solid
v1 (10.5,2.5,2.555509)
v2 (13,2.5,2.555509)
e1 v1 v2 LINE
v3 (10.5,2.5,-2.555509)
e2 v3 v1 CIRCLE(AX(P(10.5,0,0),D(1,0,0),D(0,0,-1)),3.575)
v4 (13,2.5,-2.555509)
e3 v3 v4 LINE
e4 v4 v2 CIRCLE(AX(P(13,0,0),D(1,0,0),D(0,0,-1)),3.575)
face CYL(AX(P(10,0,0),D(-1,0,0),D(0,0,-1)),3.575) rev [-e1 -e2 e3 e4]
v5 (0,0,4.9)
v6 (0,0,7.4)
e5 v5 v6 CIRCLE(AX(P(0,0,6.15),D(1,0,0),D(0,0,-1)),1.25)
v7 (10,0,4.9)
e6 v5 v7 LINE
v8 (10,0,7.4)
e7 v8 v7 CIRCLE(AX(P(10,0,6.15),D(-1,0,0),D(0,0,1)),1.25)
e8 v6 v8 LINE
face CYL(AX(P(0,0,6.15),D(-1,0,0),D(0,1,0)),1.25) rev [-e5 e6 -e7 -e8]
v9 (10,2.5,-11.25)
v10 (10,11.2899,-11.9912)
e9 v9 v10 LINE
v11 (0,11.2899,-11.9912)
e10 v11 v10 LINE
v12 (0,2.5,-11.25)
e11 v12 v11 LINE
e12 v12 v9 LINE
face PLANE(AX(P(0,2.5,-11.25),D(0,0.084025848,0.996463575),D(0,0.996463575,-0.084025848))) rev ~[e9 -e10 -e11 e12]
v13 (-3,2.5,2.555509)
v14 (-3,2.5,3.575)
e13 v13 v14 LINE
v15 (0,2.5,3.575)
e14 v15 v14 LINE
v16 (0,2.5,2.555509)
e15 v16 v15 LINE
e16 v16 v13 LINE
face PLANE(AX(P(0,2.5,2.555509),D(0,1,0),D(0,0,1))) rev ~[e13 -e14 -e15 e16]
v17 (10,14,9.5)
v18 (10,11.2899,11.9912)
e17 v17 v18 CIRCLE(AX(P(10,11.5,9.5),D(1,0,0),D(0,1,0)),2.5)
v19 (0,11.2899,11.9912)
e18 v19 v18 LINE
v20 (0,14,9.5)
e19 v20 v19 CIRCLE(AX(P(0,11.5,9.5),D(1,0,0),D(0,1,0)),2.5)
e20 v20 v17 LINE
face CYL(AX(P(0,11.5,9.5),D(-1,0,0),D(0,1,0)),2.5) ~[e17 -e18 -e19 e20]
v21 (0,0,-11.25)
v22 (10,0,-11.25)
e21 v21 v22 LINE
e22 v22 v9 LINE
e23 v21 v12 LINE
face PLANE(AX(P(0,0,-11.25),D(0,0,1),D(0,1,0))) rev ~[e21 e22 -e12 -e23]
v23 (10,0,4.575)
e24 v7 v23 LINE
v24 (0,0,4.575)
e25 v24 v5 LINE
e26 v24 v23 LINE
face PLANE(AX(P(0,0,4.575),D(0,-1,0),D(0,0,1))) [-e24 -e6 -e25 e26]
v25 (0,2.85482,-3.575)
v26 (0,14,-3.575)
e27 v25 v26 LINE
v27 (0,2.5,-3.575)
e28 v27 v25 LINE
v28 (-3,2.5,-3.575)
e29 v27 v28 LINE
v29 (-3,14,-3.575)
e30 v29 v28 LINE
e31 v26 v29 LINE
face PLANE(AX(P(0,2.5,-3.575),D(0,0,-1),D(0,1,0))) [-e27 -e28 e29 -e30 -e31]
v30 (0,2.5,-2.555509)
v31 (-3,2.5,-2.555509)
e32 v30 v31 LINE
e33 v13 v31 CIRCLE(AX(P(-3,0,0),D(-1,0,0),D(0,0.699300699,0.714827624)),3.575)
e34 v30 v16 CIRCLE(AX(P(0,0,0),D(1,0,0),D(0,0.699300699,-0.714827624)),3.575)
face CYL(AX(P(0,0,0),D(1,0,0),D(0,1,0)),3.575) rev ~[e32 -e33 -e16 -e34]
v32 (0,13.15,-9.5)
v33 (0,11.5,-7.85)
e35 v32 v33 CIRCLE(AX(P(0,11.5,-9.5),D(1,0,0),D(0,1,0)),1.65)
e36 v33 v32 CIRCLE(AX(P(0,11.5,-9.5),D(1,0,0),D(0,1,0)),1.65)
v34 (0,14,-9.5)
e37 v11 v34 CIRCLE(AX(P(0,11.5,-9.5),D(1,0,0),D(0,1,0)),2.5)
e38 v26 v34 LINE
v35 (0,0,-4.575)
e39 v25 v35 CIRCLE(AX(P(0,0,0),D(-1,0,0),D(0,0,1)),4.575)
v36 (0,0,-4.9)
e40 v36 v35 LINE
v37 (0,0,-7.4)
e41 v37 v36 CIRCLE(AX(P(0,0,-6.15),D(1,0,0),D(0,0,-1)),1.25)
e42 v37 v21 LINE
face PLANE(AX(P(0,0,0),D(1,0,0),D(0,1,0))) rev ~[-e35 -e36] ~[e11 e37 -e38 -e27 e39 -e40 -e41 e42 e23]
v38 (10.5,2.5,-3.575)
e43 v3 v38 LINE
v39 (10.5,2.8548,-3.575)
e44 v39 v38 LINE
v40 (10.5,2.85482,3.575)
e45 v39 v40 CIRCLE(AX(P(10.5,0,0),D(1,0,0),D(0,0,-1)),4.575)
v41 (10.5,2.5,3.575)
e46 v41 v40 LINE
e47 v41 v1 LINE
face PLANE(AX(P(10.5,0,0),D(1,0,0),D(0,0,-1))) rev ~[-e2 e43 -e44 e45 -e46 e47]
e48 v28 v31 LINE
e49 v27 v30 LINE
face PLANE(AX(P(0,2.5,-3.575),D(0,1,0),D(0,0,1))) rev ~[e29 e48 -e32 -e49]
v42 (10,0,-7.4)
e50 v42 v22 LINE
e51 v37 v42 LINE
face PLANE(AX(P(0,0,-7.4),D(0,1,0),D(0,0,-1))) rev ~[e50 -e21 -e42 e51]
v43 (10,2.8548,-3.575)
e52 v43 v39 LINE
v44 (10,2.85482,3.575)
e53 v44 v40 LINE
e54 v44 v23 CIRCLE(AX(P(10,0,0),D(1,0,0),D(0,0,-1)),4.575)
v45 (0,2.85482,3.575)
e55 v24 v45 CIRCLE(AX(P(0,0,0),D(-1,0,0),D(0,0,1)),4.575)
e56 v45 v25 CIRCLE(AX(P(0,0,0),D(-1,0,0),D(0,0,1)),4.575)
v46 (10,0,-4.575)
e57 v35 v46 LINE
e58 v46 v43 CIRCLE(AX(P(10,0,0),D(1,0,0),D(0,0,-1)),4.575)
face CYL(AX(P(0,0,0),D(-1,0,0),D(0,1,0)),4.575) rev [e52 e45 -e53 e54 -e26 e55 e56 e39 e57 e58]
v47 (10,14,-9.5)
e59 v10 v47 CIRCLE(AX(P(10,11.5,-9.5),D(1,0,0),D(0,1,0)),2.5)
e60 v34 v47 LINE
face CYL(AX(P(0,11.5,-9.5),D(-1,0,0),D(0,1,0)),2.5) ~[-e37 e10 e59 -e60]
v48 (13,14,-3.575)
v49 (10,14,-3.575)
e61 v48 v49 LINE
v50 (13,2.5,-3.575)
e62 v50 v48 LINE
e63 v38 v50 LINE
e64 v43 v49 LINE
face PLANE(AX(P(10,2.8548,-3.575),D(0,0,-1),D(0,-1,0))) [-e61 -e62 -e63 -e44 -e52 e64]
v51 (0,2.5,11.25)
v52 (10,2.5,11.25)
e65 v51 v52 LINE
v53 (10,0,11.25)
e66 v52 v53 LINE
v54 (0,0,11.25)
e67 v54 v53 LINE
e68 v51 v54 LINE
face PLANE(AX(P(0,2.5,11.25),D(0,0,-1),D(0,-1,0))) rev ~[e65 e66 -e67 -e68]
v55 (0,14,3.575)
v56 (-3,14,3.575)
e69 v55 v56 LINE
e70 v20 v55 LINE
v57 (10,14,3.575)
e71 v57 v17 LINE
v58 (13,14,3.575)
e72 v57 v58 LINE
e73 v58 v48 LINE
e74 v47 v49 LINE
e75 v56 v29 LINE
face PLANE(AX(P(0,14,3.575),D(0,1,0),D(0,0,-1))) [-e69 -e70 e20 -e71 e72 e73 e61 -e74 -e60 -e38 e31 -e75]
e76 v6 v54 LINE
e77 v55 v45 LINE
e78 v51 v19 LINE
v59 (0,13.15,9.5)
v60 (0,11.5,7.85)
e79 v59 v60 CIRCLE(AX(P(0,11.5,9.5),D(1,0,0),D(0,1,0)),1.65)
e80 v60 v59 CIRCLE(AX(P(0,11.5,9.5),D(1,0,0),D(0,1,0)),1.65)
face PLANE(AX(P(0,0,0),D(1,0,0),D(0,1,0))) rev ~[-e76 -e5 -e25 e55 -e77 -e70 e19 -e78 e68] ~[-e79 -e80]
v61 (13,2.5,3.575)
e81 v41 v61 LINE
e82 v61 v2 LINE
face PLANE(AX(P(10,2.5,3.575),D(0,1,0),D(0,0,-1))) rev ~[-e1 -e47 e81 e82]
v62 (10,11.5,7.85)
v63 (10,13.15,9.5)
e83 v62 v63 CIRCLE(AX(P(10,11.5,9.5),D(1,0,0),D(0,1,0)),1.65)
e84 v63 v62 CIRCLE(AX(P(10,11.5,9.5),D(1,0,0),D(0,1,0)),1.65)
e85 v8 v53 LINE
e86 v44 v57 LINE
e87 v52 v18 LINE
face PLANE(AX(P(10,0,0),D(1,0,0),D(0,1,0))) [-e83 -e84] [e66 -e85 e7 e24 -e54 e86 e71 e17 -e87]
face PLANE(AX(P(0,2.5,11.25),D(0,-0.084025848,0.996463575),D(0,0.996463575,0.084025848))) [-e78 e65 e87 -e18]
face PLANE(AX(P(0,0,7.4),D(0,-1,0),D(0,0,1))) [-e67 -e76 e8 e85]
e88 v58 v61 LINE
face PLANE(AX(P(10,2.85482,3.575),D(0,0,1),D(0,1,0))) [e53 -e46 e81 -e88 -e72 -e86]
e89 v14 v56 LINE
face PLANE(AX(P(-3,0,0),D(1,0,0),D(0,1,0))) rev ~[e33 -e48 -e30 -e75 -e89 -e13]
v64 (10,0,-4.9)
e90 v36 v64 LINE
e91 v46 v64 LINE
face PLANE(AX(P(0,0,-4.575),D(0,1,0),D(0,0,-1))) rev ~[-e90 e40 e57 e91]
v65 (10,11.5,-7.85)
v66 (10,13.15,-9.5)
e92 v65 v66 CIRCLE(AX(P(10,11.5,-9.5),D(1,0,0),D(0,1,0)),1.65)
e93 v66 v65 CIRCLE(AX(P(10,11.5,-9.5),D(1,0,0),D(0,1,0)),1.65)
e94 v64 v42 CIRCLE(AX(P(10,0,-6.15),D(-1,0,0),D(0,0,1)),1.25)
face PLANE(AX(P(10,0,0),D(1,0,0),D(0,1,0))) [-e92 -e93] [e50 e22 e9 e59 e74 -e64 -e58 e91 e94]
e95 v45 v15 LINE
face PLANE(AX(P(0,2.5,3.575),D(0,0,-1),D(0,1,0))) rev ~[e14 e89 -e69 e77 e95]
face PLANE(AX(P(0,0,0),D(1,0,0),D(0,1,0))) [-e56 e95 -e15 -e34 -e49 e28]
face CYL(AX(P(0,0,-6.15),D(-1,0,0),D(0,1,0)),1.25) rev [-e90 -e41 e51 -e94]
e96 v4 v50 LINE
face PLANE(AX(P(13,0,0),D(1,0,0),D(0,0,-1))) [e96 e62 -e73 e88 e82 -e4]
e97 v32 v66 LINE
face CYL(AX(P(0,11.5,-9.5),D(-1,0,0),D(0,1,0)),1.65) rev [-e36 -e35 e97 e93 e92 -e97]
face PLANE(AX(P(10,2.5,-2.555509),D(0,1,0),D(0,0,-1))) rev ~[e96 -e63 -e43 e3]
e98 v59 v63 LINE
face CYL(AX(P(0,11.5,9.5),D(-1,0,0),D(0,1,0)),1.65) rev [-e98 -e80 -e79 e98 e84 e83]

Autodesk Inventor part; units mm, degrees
ref_plane "YZ Plane" through (0, 0, 0) normal (1, 0, 0) x (0, 1, 0)
ref_plane "XZ Plane" through (0, 0, 0) normal (0, 1, 0) x (-1, 0, 0)
ref_plane "XY Plane" through (0, 0, 0) normal (0, 0, 1) x (1, 0, 0)
sketch "スケッチ1" plane through (0, 0, 0) normal (1, 0, 0) x (0, 1, 0)
  circle A0 centre (0, 0) radius 4.575
  circle A1 centre (0, 0) radius 3.575
  line L0 (0, 0) -> (0, 6)
  line L1 (0, 6) -> (0, -6)
  circle A2 centre (0, 6) radius 1.25
  circle A3 centre (0, -6) radius 1.25
  line L2 (0, 0) -> (11.5, 0)
  line L3 (11.5, 0) -> (11.5, 9.5)
  line L4 (11.5, 9.5) -> (11.5, -9.5)
  circle A4 centre (11.5, 9.5) radius 1.65
  circle A5 centre (11.5, -9.5) radius 1.65
  line L5 (0, 0) -> (0, 11.25)
  line L6 (0, 11.25) -> (0, -11.25)
  line L7 (-2.5, -11.25) -> (2.5, -11.25)
  line L8 (2.5, -11.25) -> (2.5, 11.25)
  line L9 (2.5, 11.25) -> (-2.5, 11.25)
  line L10 (-2.5, 11.25) -> (-2.5, -11.25)
  line L11 (-2.5, -11.25) -> (2.5, 11.25) construction
  line L12 (2.5, -11.25) -> (-2.5, 11.25) construction
  circle A6 centre (11.5, 9.5) radius 2.5
  circle A7 centre (11.5, -9.5) radius 2.5
  line L13 (2.5, 11.25) -> (11.2899, 11.9912)
  line L14 (2.5, -11.25) -> (11.2899, -11.9912)
  line L15 (14, 9.5) -> (14, -9.5)
  line L16 (0, -3.575) -> (14, -3.575)
  line L17 (0, 3.575) -> (14, 3.575)
  circle A8 centre (0, 0) radius 6
  line L18 (0, 0) -> (0, 6.15)
  line L19 (0, 6.15) -> (0, -6.15)
  circle A9 centre (0, 6.15) radius 1.25
  circle A10 centre (0, -6.15) radius 1.25
  point P0 (0, 7.25)
  point P1 (0, 4.75)
  point P2 (0, 4.575)
  point P3 (0, -4.575)
  point P4 (0, -4.75)
  point P5 (0, -7.25)
  point P6 (2.5, 3.575)
  point P7 (2.5, 2.5555)
  point P8 (2.5, -2.5555)
  point P9 (2.5, -3.575)
  point P10 (0, 7.4)
  point P11 (0, 4.9)
  point P12 (0, -4.9)
  point P13 (0, -7.4)
  dimension "d0" = 9.15
  dimension "d1" = 7.15
  dimension "d2" = 6
  dimension "d3" = 12
  dimension "d4" = 2.5
  dimension "d5" = 2.5
  dimension "d6" = 11.5
  dimension "d7" = 9.5
  dimension "d8" = 19
  dimension "d9" = 3.3
  dimension "d10" = 3.3
  dimension "d11" = 11.25
  dimension "d12" = 22.5
  dimension "d13" = 5
  dimension "d14" = 5
  dimension "d15" = 5
  dimension "d28" = 12
  dimension "d29" = 6.15
  dimension "d30" = 12.3
  dimension "d31" = 2.5
  dimension "d32" = 2.5
extrude "押し出し1" add sketch "スケッチ1" along normal blind 10 contours L2 A8 L16 A0 | A0 L17 A8 L2 | A0 L8 A8 L17 | L16 A8 L8 A0 | A8 L17 L3 L2 | L2 L4 L16 A8 | A0 L0 A2 A8 L8 | A8 L8 L13 A6 L3 L17 | L8 A8 A3 L1 A0 | L16 L4 A7 L14 L8 A8 | L3 L17 L15 L16 L4 | A8 A2 A9 L5 L9 L8 | L3 A6 L15 L17 | L8 L7 L6 A10 A3 A8 | L16 L15 A7 L4 | L0 A9 A8 A2 | A8 A9 A2 | A6 | A3 A8 A10 L1 | A3 A10 A8 | A7 picked at (0.1008, 4.8124) picked at (1.2329, 5.9096) picked at (0.1008, -4.8124) picked at (1.2329, -5.9096)
extrude "押し出し2" add sketch "スケッチ1" against normal blind 3 contours L2 A1 L8 L17 A0 | L2 A8 L16 A0 | A0 L16 L8 A1 L2 | A0 L17 A8 L2 | A8 L17 L3 L2 | L2 L4 L16 A8 | L3 L17 L15 L16 L4
sketch "スケッチ2" plane through (10, 0, 0) normal (1, 0, 0) x (0, 0, -1)
  circle A0 centre (0, 0) radius 3.575
  line L0 (-3.575, 14) -> (-9.5, 14) projected
  line L1 (-3.575, 0) -> (-3.575, 14)
  line L2 (3.575, 2.8548) -> (3.575, 14) projected
  line L3 (-3.575, 14) -> (3.575, 14)
  line L4 (3.575, 14) -> (3.575, 0)
  line L5 (-11.9912, 11.2899) -> (-11.25, 2.5) projected
  line L6 (11.25, -2.5) -> (-11.25, -2.5)
  line L7 (-11.25, -2.5) -> (-11.25, 2.5)
  line L8 (-11.25, 2.5) -> (11.25, 2.5)
  line L9 (11.25, 2.5) -> (11.25, -2.5)
  line L10 (11.25, -2.5) -> (-11.25, 2.5) construction
  line L11 (-11.25, -2.5) -> (11.25, 2.5) construction
  circle A1 centre (0, 0) radius 4.575
  point P0 (-3.575, 2.8548)
  point P1 (-3.575, 2.5)
  point P2 (-2.5555, 2.5)
  point P3 (2.5555, 2.5)
  point P4 (3.575, 2.5)
extrude "押し出し4" add sketch "スケッチ2" along normal blind 0.5 contours A1 L1 L3 L2
extrude "押し出し5" add sketch "スケッチ2" along normal blind 3 contours A0 L8 L1 A1 L4 | A1 L1 L3 L2
extrude "押し出し6" cut sketch "スケッチ2" along normal blind 0.5 contours A0 L8 L1 A1 L4
properties part number "ikafly3.3c"
